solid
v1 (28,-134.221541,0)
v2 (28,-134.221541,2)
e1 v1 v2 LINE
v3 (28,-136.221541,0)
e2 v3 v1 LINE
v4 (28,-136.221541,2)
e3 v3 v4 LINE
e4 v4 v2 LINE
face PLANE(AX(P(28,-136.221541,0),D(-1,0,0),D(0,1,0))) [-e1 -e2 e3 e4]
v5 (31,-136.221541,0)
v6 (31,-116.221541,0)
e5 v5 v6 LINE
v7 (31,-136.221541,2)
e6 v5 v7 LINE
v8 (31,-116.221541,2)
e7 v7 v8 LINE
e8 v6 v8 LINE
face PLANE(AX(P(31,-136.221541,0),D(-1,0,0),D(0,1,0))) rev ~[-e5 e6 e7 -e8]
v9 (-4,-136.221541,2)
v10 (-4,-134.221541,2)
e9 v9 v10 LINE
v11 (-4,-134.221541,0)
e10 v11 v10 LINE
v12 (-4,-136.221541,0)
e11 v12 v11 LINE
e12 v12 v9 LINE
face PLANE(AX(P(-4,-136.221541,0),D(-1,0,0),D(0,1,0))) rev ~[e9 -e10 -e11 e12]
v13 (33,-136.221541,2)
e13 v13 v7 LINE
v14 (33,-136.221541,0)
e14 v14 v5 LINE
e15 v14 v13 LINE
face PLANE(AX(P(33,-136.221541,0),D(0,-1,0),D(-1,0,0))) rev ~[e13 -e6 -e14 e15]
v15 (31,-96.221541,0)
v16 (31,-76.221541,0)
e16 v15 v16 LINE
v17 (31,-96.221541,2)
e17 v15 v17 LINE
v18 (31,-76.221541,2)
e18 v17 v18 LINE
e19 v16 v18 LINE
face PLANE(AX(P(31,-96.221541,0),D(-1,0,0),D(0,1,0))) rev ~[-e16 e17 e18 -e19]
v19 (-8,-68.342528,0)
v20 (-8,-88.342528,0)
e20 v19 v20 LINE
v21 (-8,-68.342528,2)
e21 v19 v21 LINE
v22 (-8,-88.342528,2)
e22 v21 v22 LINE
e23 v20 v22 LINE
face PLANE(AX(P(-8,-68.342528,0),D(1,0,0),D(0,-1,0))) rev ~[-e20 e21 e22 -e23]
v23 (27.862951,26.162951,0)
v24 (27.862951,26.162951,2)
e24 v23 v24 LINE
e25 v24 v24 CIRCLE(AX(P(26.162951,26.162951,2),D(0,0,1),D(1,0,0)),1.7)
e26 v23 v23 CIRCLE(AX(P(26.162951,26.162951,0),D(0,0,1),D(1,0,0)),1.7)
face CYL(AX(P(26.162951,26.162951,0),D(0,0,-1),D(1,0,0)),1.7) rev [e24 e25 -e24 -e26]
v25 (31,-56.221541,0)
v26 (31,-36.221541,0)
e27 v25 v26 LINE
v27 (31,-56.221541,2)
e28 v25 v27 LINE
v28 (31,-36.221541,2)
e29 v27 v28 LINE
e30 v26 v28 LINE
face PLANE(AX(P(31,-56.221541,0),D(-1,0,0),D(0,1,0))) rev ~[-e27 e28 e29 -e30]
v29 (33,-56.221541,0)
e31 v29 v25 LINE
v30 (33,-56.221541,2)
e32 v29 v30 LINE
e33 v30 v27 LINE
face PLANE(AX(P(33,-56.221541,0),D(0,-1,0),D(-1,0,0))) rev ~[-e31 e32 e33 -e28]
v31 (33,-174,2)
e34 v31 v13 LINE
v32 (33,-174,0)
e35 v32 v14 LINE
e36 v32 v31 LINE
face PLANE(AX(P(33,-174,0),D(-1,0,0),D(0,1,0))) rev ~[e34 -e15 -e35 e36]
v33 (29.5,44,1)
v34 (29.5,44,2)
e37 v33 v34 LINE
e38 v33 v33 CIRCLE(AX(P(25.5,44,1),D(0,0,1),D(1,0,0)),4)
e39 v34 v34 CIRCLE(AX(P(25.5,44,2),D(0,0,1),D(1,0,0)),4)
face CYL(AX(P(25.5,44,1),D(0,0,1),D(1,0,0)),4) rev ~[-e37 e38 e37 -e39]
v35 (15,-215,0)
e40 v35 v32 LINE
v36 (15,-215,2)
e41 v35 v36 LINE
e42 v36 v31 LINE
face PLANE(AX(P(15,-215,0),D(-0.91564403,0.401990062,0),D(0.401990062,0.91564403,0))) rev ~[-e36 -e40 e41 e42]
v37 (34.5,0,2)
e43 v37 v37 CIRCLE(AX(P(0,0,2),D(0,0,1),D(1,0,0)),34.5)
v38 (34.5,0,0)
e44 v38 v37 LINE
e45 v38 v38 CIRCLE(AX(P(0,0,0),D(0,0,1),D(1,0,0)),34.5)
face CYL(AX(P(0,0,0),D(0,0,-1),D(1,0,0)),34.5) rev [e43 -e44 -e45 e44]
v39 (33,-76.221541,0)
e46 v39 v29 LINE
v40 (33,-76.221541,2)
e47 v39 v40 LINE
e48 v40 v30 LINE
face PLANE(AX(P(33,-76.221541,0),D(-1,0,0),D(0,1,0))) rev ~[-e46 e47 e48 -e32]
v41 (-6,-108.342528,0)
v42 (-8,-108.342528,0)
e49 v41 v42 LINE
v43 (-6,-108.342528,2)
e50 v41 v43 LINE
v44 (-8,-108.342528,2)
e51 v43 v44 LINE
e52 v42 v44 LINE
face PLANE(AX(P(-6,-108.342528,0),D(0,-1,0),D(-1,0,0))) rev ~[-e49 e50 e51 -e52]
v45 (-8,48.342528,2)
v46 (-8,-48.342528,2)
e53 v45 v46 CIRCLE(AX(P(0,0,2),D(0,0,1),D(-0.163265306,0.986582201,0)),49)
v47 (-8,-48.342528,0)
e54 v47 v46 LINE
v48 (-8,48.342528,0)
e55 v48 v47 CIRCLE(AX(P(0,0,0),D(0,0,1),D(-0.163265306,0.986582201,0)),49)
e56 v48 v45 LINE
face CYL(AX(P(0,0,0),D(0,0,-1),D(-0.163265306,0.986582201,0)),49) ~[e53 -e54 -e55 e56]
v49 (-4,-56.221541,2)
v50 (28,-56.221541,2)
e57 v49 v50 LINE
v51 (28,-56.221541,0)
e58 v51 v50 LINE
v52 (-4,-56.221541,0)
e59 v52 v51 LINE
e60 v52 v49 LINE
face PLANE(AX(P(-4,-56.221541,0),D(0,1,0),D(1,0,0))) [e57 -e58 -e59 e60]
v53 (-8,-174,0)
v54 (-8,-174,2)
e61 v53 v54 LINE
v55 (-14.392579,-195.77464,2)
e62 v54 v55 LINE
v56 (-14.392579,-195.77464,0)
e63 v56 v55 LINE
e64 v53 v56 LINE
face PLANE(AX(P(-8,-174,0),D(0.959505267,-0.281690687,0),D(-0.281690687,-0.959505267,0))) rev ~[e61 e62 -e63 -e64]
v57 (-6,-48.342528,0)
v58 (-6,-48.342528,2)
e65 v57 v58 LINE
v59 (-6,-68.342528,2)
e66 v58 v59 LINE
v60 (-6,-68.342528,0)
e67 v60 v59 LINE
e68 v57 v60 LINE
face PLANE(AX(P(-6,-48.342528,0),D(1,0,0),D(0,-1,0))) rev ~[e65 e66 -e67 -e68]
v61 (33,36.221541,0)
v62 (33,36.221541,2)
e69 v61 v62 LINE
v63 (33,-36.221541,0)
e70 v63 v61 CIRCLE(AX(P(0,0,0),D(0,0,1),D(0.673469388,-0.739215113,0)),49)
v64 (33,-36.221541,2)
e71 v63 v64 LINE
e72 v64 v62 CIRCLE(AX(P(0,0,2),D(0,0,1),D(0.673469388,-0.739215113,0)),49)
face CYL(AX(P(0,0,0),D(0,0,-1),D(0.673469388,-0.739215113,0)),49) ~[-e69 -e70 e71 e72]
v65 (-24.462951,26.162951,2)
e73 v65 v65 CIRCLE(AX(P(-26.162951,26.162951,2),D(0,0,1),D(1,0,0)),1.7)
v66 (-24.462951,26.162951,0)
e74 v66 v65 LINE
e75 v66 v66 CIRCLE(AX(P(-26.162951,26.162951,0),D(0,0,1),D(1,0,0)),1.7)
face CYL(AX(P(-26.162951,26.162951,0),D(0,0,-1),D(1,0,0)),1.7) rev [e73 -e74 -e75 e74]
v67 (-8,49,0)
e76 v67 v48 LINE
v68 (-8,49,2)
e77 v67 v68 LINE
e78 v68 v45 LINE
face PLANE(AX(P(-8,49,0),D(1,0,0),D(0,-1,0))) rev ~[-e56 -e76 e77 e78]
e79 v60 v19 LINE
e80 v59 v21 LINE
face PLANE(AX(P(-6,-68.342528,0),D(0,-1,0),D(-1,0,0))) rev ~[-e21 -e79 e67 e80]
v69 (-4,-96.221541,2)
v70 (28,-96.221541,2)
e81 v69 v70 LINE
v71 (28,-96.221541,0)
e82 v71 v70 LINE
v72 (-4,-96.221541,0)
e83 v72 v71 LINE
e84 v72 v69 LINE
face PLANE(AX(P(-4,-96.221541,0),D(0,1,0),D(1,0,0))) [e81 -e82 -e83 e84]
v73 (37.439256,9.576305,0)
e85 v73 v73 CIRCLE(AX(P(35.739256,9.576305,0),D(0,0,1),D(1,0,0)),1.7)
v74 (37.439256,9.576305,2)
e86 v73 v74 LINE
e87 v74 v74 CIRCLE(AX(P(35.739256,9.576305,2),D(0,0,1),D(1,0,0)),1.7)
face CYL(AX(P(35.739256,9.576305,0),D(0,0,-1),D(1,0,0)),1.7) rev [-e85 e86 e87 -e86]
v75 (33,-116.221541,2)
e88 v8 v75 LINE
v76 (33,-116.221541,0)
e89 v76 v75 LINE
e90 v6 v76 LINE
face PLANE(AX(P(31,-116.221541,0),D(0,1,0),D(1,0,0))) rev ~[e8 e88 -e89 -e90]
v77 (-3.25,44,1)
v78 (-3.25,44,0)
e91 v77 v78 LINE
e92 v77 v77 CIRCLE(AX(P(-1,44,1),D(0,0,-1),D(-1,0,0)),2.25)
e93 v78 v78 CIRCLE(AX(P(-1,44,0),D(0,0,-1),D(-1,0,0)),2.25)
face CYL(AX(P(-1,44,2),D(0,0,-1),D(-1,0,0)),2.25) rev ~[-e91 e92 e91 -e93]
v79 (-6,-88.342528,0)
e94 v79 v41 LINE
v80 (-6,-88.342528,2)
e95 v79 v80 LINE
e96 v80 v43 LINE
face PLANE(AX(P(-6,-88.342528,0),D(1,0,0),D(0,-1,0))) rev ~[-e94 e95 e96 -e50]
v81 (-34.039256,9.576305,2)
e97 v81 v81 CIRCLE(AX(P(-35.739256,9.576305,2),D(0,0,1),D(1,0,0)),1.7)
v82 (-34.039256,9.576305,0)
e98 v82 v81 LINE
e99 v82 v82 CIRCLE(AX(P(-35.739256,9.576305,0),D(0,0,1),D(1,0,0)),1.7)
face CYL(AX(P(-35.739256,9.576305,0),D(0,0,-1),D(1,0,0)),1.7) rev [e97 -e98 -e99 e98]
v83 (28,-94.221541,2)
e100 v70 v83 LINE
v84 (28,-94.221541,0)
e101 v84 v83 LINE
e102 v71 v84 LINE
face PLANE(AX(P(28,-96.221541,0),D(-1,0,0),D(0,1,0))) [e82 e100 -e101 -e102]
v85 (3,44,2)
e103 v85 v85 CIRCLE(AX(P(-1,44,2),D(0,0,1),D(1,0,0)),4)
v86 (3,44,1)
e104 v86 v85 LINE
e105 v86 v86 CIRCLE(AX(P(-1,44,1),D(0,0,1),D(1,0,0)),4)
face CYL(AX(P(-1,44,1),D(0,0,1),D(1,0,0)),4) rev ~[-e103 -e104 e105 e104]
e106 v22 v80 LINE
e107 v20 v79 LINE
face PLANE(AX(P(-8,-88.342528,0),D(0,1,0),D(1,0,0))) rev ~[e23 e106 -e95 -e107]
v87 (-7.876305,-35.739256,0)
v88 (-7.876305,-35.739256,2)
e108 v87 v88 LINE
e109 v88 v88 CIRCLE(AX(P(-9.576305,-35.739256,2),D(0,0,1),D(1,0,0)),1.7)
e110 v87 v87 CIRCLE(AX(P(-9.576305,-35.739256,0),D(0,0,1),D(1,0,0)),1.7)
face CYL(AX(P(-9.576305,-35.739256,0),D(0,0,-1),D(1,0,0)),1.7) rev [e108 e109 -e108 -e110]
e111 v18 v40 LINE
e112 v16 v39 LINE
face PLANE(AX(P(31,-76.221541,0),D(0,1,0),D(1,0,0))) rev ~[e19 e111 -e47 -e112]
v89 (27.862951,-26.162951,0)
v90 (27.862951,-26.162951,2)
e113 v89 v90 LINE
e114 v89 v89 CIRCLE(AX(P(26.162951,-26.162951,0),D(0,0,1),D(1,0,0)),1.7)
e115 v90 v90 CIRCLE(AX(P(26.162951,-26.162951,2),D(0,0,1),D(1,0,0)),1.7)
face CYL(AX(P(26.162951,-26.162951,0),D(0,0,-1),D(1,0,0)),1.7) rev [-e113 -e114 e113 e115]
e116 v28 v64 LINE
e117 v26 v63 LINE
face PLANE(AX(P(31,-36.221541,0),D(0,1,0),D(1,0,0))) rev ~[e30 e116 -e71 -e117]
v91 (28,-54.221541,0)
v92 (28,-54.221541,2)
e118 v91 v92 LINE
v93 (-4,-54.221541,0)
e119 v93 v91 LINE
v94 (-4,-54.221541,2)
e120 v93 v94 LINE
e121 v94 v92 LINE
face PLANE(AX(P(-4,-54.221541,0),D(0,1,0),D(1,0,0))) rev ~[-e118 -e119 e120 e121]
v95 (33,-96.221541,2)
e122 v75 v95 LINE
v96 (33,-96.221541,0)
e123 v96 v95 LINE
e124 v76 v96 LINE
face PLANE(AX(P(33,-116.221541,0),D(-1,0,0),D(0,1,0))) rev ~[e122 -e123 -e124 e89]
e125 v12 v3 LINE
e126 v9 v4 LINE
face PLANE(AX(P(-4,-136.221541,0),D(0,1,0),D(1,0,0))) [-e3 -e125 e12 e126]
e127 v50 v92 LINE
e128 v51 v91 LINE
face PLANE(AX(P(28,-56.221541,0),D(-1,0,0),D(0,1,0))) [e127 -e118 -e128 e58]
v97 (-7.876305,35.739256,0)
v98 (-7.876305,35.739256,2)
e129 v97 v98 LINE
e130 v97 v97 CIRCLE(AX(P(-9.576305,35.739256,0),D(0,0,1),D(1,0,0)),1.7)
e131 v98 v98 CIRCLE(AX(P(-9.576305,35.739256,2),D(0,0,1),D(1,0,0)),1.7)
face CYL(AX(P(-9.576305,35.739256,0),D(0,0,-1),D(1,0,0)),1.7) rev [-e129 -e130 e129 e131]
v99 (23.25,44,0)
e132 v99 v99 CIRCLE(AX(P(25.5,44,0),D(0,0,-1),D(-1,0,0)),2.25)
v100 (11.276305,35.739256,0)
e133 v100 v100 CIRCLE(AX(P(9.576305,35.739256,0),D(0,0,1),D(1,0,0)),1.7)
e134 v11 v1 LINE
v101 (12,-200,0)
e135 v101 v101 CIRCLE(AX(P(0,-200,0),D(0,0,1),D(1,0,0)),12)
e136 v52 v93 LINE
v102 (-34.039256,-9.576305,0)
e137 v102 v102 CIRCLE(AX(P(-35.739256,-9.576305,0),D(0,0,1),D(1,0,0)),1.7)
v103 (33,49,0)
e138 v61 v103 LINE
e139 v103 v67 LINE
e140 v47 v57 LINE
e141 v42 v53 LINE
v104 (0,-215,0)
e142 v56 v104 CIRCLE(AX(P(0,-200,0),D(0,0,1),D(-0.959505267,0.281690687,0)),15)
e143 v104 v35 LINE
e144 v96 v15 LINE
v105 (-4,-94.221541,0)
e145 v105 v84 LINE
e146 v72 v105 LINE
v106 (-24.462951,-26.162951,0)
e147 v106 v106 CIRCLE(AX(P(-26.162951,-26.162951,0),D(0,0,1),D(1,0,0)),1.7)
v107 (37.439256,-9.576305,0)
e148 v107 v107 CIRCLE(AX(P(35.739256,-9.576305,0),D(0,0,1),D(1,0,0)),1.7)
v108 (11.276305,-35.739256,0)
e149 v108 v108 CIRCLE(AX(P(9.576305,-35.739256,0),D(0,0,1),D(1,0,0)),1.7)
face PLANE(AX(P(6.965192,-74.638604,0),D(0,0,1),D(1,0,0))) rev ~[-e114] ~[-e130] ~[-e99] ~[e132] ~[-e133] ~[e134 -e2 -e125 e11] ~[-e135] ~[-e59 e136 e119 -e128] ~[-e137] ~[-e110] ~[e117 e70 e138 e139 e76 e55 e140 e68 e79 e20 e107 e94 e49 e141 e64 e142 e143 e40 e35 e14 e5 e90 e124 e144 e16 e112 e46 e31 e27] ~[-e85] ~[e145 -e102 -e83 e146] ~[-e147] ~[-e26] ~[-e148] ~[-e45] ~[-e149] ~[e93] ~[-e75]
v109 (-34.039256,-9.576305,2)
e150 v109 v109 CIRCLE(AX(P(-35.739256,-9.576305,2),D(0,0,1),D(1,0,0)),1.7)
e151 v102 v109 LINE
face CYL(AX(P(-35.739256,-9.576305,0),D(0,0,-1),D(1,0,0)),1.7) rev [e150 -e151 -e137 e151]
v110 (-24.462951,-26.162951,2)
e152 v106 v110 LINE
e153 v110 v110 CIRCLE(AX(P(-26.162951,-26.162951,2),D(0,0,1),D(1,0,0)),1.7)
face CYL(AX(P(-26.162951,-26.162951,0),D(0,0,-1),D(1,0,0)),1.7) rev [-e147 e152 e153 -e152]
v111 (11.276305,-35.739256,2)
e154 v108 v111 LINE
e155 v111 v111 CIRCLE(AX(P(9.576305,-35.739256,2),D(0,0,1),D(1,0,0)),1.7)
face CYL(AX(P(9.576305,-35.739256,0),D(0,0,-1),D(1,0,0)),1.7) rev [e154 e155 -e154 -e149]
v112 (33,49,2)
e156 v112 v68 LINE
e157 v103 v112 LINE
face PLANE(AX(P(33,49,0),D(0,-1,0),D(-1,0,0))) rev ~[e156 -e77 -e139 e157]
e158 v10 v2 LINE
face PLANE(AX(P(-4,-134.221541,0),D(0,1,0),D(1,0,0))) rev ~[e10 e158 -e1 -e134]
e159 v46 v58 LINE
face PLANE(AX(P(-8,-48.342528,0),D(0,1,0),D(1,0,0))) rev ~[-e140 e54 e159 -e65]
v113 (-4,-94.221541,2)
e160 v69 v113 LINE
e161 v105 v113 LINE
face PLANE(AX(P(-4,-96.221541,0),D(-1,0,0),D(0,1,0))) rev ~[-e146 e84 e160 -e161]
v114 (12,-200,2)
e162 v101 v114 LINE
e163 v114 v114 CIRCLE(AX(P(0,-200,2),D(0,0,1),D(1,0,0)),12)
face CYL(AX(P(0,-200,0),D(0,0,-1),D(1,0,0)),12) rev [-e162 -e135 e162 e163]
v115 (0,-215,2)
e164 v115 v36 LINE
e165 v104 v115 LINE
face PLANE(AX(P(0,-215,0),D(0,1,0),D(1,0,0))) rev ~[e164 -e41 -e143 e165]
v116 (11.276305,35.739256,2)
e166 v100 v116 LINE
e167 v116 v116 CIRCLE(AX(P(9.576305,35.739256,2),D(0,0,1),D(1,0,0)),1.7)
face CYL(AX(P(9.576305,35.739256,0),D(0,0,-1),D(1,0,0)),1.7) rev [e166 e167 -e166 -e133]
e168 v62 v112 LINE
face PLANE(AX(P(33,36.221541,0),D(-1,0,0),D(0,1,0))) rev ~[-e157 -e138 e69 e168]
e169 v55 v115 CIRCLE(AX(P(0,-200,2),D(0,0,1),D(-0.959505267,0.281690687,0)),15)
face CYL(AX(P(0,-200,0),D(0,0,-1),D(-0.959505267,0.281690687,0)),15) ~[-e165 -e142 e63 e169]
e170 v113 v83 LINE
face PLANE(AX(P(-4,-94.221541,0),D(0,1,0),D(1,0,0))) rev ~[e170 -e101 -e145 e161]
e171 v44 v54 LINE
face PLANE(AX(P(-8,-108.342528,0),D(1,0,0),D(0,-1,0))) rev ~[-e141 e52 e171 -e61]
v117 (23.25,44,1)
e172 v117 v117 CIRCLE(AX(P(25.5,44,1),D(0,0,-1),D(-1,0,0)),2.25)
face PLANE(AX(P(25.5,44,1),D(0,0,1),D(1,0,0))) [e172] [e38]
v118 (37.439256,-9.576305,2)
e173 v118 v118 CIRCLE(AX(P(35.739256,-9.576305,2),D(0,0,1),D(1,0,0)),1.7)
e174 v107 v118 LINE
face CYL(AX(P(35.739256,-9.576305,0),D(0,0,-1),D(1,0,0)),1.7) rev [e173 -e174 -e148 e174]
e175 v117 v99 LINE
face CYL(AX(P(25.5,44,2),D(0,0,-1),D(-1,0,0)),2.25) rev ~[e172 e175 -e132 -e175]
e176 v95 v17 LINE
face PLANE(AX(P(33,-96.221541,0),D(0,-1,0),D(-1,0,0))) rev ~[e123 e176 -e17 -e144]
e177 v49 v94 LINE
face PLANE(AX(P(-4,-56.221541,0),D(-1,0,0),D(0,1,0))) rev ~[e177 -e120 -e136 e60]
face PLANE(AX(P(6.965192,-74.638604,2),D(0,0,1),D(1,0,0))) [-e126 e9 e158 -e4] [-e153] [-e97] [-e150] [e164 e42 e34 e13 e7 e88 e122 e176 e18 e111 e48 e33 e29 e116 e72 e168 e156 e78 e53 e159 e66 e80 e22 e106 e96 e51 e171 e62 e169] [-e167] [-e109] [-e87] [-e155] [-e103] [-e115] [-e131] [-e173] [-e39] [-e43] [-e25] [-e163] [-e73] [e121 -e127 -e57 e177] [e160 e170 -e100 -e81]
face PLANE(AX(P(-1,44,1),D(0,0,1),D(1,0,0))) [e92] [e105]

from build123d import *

# Parameters (mm, degrees)
SKETCH_1_R                   = 12
SKETCH_1_W                   = 32
SKETCH_1_H                   = 2
SKETCH_1_R_2                 = 1.7
SKETCH_1_R_3                 = 34.5
EXTRUDE_1_DEPTH              = 2
HOLE_WIZARD_M4_1_D           = 4.5
HOLE_WIZARD_M4_1_CBORE_D     = 8
HOLE_WIZARD_M4_1_CBORE_DEPTH = 1


with BuildPart() as part:
    # 草图1 → 凸台-拉伸1 (new body)
    with BuildSketch(Plane.XY):
        with BuildLine():
            ThreePointArc((-8, 48.342527861), (-49, 0), (-8, -48.342527861))
            Line((-8, -48.342527861), (-6, -48.342527861))
            Line((-6, -48.342527861), (-6, -68.342527861))
            Line((-6, -68.342527861), (-8, -68.342527861))
            Line((-8, -68.342527861), (-8, -88.342527861))
            Line((-8, -88.342527861), (-6, -88.342527861))
            Line((-6, -88.342527861), (-6, -108.342527861))
            Line((-6, -108.342527861), (-8, -108.342527861))
            Line((-8, -108.342527861), (-8, -128.342527861))
            Line((-8, -128.342527861), (-8, -174))
            Line((-8, -174), (-14.392579, -195.774639692))
            ThreePointArc((-14.392579, -195.774639692), (-12.007922481, -208.989426995), (0, -215))
            Line((0, -215), (15, -215))
            Line((15, -215), (33, -174))
            Line((33, -174), (33, -136.221540553))
            Line((33, -136.221540553), (31, -136.221540553))
            Line((31, -136.221540553), (31, -116.221540553))
            Line((31, -116.221540553), (33, -116.221540553))
            Line((33, -116.221540553), (33, -96.221540553))
            Line((33, -96.221540553), (31, -96.221540553))
            Line((31, -96.221540553), (31, -76.221540553))
            Line((31, -76.221540553), (33, -76.221540553))
            Line((33, -76.221540553), (33, -56.221540553))
            Line((33, -56.221540553), (31, -56.221540553))
            Line((31, -56.221540553), (31, -36.221540553))
            Line((31, -36.221540553), (33, -36.221540553))
            ThreePointArc((33, -36.221540553), (49, 0), (33, 36.221540553))
            Line((33, 36.221540553), (33, 49))
            Line((33, 49), (-8, 49))
            Line((-8, 49), (-8, 48.342527861))
        make_face()
        with Locations((0, -200)):
            Circle(SKETCH_1_R, mode=Mode.SUBTRACT)
        with Locations((12, -135.221540553)):
            Rectangle(SKETCH_1_W, SKETCH_1_H, mode=Mode.SUBTRACT)
        with Locations((12, -95.221540553)):
            Rectangle(SKETCH_1_W, SKETCH_1_H, mode=Mode.SUBTRACT)
        with Locations((-26.162950904, -26.162950904)):
            Circle(SKETCH_1_R_2, mode=Mode.SUBTRACT)
        with Locations((-9.576304669, -35.739255573)):
            Circle(SKETCH_1_R_2, mode=Mode.SUBTRACT)
        with Locations((-35.739255573, -9.576304669)):
            Circle(SKETCH_1_R_2, mode=Mode.SUBTRACT)
        with Locations((-35.739255573, 9.576304669)):
            Circle(SKETCH_1_R_2, mode=Mode.SUBTRACT)
        with Locations((-26.162950904, 26.162950904)):
            Circle(SKETCH_1_R_2, mode=Mode.SUBTRACT)
        Circle(SKETCH_1_R_3, mode=Mode.SUBTRACT)
        with Locations((-9.576304669, 35.739255573)):
            Circle(SKETCH_1_R_2, mode=Mode.SUBTRACT)
        with Locations((12, -55.221540553)):
            Rectangle(SKETCH_1_W, SKETCH_1_H, mode=Mode.SUBTRACT)
        with Locations((9.576304669, -35.739255573)):
            Circle(SKETCH_1_R_2, mode=Mode.SUBTRACT)
        with Locations((26.162950904, -26.162950904)):
            Circle(SKETCH_1_R_2, mode=Mode.SUBTRACT)
        with Locations((9.576304669, 35.739255573)):
            Circle(SKETCH_1_R_2, mode=Mode.SUBTRACT)
        with Locations((35.739255573, -9.576304669)):
            Circle(SKETCH_1_R_2, mode=Mode.SUBTRACT)
        with Locations((35.739255573, 9.576304669)):
            Circle(SKETCH_1_R_2, mode=Mode.SUBTRACT)
        with Locations((26.162950904, 26.162950904)):
            Circle(SKETCH_1_R_2, mode=Mode.SUBTRACT)
    extrude(amount=EXTRUDE_1_DEPTH)

    # M4 六角凹头盖的柱孔1 (through all)
    with Locations(Plane(origin=(-1, 44, 2), x_dir=(1, 0, 0), z_dir=(0, 0, 1))):
        with Locations((0, 0), (26.5, 0)):
            CounterBoreHole(HOLE_WIZARD_M4_1_D / 2, HOLE_WIZARD_M4_1_CBORE_D / 2, HOLE_WIZARD_M4_1_CBORE_DEPTH)


solid = part.part
